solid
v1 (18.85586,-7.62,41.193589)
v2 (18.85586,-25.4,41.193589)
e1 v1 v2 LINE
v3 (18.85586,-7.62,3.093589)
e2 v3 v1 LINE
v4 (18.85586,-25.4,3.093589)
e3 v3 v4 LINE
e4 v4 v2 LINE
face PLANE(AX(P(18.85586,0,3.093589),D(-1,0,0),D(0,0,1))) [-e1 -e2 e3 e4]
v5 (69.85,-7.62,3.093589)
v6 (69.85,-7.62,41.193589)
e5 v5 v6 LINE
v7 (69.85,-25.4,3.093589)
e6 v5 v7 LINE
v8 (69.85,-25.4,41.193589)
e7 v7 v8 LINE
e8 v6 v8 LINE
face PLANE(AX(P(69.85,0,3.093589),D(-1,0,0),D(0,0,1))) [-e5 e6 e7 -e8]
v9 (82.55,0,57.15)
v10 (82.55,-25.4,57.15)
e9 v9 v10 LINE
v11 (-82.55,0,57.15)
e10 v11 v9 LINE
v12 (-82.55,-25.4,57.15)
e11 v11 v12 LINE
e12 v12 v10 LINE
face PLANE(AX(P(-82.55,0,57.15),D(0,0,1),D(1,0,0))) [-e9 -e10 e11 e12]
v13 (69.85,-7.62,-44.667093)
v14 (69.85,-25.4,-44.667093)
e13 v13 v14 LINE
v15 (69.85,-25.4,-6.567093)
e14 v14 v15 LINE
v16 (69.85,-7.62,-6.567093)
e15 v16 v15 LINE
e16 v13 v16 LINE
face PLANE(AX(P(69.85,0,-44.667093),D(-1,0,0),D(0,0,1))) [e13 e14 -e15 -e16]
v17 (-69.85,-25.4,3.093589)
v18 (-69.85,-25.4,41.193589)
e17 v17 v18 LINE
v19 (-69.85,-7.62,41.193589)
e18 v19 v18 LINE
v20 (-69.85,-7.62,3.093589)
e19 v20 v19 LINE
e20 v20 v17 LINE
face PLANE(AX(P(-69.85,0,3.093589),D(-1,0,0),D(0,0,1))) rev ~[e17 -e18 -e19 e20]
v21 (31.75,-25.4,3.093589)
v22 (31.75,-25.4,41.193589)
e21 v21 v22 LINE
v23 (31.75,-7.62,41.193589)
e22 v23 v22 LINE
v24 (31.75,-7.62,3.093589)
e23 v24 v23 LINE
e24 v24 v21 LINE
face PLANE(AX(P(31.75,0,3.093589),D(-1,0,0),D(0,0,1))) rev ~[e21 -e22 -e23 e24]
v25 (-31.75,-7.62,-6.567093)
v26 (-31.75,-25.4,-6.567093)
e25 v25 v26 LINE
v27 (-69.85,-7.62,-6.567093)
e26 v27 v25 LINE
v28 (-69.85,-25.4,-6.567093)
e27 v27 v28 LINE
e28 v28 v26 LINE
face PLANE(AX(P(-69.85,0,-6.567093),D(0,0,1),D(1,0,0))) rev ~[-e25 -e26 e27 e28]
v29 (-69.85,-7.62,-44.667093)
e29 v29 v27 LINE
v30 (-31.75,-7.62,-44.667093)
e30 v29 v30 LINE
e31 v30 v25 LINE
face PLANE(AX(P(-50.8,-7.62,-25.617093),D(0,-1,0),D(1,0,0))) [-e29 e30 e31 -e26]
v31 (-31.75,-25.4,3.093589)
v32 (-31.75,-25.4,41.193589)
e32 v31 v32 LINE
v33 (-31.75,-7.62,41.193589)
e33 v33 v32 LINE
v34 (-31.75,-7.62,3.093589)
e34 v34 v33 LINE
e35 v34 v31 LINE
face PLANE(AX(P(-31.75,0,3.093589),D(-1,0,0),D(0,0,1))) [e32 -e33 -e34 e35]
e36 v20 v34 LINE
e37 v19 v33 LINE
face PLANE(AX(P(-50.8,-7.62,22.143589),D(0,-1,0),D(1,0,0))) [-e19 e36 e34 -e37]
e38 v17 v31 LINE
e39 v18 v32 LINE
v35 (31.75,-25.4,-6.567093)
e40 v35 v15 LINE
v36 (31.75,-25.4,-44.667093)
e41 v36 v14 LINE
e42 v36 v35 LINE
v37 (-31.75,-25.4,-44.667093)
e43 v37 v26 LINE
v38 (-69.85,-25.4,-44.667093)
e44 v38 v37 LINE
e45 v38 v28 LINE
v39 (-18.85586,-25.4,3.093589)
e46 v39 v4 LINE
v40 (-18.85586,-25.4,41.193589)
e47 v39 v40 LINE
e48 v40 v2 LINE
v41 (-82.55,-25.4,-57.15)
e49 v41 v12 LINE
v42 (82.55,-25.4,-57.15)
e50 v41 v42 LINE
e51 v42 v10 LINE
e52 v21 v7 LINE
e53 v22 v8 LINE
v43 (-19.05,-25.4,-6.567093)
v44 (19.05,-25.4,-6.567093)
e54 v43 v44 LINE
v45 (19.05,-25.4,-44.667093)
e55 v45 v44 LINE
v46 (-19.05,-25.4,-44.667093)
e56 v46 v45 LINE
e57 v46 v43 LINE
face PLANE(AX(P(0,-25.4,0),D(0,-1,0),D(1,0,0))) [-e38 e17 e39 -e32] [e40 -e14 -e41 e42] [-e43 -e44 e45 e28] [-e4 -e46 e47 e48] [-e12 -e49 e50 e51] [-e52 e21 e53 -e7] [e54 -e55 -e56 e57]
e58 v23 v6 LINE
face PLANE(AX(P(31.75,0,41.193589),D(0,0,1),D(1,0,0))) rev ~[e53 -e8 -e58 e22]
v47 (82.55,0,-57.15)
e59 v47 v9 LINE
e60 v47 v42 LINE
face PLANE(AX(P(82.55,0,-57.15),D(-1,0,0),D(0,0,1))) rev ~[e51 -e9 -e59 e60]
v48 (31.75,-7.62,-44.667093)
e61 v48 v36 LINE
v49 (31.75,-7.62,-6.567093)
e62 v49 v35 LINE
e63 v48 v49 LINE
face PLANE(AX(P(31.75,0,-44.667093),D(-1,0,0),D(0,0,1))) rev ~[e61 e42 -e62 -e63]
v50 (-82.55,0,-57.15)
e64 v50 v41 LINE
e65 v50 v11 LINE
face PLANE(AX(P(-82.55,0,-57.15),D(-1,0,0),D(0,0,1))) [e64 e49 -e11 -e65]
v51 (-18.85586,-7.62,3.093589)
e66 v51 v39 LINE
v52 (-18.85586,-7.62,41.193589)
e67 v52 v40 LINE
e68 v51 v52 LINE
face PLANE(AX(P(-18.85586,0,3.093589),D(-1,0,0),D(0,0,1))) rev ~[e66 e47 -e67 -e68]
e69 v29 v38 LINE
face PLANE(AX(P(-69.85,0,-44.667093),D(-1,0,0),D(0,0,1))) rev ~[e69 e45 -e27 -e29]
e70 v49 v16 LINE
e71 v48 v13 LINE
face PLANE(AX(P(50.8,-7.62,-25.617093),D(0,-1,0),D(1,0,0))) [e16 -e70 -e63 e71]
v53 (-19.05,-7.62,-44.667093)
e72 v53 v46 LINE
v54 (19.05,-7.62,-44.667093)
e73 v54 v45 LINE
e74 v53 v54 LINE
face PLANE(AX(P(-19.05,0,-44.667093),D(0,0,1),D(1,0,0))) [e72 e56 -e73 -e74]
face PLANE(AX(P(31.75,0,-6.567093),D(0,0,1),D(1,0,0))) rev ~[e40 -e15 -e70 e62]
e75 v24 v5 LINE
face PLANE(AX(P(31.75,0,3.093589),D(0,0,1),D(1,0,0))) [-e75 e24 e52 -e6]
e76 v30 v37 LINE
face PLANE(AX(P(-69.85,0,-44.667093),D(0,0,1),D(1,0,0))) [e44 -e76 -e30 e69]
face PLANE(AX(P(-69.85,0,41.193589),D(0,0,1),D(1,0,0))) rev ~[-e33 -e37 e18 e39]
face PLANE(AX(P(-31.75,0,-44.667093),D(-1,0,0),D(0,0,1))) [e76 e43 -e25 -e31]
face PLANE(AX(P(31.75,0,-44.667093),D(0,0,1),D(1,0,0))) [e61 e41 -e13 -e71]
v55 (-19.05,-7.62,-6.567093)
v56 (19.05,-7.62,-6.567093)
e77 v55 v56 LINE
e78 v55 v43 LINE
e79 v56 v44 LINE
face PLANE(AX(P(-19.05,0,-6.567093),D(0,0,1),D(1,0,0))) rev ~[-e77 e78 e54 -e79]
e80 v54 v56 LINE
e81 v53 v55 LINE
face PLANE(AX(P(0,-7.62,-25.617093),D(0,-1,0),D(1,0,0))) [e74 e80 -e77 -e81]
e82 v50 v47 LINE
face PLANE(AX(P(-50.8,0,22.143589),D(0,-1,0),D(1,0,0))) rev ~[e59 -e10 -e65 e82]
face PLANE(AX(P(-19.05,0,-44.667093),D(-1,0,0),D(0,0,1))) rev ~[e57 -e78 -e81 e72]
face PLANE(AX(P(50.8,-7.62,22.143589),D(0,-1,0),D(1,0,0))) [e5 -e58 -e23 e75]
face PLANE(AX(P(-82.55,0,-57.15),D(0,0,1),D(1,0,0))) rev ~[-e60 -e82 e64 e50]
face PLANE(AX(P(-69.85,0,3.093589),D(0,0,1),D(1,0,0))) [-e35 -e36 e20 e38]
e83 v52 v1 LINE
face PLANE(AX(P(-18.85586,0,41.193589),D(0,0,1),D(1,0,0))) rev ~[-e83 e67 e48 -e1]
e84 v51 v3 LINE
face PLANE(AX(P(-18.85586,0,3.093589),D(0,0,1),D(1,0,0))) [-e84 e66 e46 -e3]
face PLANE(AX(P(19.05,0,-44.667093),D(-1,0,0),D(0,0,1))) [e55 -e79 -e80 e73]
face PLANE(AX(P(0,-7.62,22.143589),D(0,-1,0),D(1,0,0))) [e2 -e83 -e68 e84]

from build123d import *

# Parameters (mm, degrees)
F0_W     = 165.1
F0_H     = 114.3
F0_W_2   = 38.1
F0_H_2   = 38.1
F0_W_3   = 37.71172
F1_DEPTH = 25.4
F2_DEPTH = 7.62


with BuildPart() as f1:
    # F0 (on Front) → F1 (new body)
    with BuildSketch(Plane.XZ):
        Rectangle(F0_W, F0_H)
        with Locations((-50.8, -25.617093)):
            Rectangle(F0_W_2, F0_H_2, mode=Mode.SUBTRACT)
        with Locations((0, -25.617093)):
            Rectangle(F0_W_2, F0_H_2, mode=Mode.SUBTRACT)
        with Locations((50.8, -25.617093)):
            Rectangle(F0_W_2, F0_H_2, mode=Mode.SUBTRACT)
        with Locations((-50.8, 22.143589)):
            Rectangle(F0_W_2, F0_H_2, mode=Mode.SUBTRACT)
        with Locations((0, 22.143589)):
            Rectangle(F0_W_3, F0_H_2, mode=Mode.SUBTRACT)
        with Locations((50.8, 22.143589)):
            Rectangle(F0_W_2, F0_H_2, mode=Mode.SUBTRACT)
    extrude(amount=F1_DEPTH)

    # F0 (on Front) → F2 (join)
    with BuildSketch(Plane.XZ):
        with Locations((-50.8, 22.143589)):
            Rectangle(F0_W_2, F0_H_2)
        with Locations((0, 22.143589)):
            Rectangle(F0_W_3, F0_H_2)
        with Locations((50.8, 22.143589)):
            Rectangle(F0_W_2, F0_H_2)
        with Locations((-50.8, -25.617093)):
            Rectangle(F0_W_2, F0_H_2)
        with Locations((0, -25.617093)):
            Rectangle(F0_W_2, F0_H_2)
        with Locations((50.8, -25.617093)):
            Rectangle(F0_W_2, F0_H_2)
    extrude(amount=F2_DEPTH)


solid = f1.part
